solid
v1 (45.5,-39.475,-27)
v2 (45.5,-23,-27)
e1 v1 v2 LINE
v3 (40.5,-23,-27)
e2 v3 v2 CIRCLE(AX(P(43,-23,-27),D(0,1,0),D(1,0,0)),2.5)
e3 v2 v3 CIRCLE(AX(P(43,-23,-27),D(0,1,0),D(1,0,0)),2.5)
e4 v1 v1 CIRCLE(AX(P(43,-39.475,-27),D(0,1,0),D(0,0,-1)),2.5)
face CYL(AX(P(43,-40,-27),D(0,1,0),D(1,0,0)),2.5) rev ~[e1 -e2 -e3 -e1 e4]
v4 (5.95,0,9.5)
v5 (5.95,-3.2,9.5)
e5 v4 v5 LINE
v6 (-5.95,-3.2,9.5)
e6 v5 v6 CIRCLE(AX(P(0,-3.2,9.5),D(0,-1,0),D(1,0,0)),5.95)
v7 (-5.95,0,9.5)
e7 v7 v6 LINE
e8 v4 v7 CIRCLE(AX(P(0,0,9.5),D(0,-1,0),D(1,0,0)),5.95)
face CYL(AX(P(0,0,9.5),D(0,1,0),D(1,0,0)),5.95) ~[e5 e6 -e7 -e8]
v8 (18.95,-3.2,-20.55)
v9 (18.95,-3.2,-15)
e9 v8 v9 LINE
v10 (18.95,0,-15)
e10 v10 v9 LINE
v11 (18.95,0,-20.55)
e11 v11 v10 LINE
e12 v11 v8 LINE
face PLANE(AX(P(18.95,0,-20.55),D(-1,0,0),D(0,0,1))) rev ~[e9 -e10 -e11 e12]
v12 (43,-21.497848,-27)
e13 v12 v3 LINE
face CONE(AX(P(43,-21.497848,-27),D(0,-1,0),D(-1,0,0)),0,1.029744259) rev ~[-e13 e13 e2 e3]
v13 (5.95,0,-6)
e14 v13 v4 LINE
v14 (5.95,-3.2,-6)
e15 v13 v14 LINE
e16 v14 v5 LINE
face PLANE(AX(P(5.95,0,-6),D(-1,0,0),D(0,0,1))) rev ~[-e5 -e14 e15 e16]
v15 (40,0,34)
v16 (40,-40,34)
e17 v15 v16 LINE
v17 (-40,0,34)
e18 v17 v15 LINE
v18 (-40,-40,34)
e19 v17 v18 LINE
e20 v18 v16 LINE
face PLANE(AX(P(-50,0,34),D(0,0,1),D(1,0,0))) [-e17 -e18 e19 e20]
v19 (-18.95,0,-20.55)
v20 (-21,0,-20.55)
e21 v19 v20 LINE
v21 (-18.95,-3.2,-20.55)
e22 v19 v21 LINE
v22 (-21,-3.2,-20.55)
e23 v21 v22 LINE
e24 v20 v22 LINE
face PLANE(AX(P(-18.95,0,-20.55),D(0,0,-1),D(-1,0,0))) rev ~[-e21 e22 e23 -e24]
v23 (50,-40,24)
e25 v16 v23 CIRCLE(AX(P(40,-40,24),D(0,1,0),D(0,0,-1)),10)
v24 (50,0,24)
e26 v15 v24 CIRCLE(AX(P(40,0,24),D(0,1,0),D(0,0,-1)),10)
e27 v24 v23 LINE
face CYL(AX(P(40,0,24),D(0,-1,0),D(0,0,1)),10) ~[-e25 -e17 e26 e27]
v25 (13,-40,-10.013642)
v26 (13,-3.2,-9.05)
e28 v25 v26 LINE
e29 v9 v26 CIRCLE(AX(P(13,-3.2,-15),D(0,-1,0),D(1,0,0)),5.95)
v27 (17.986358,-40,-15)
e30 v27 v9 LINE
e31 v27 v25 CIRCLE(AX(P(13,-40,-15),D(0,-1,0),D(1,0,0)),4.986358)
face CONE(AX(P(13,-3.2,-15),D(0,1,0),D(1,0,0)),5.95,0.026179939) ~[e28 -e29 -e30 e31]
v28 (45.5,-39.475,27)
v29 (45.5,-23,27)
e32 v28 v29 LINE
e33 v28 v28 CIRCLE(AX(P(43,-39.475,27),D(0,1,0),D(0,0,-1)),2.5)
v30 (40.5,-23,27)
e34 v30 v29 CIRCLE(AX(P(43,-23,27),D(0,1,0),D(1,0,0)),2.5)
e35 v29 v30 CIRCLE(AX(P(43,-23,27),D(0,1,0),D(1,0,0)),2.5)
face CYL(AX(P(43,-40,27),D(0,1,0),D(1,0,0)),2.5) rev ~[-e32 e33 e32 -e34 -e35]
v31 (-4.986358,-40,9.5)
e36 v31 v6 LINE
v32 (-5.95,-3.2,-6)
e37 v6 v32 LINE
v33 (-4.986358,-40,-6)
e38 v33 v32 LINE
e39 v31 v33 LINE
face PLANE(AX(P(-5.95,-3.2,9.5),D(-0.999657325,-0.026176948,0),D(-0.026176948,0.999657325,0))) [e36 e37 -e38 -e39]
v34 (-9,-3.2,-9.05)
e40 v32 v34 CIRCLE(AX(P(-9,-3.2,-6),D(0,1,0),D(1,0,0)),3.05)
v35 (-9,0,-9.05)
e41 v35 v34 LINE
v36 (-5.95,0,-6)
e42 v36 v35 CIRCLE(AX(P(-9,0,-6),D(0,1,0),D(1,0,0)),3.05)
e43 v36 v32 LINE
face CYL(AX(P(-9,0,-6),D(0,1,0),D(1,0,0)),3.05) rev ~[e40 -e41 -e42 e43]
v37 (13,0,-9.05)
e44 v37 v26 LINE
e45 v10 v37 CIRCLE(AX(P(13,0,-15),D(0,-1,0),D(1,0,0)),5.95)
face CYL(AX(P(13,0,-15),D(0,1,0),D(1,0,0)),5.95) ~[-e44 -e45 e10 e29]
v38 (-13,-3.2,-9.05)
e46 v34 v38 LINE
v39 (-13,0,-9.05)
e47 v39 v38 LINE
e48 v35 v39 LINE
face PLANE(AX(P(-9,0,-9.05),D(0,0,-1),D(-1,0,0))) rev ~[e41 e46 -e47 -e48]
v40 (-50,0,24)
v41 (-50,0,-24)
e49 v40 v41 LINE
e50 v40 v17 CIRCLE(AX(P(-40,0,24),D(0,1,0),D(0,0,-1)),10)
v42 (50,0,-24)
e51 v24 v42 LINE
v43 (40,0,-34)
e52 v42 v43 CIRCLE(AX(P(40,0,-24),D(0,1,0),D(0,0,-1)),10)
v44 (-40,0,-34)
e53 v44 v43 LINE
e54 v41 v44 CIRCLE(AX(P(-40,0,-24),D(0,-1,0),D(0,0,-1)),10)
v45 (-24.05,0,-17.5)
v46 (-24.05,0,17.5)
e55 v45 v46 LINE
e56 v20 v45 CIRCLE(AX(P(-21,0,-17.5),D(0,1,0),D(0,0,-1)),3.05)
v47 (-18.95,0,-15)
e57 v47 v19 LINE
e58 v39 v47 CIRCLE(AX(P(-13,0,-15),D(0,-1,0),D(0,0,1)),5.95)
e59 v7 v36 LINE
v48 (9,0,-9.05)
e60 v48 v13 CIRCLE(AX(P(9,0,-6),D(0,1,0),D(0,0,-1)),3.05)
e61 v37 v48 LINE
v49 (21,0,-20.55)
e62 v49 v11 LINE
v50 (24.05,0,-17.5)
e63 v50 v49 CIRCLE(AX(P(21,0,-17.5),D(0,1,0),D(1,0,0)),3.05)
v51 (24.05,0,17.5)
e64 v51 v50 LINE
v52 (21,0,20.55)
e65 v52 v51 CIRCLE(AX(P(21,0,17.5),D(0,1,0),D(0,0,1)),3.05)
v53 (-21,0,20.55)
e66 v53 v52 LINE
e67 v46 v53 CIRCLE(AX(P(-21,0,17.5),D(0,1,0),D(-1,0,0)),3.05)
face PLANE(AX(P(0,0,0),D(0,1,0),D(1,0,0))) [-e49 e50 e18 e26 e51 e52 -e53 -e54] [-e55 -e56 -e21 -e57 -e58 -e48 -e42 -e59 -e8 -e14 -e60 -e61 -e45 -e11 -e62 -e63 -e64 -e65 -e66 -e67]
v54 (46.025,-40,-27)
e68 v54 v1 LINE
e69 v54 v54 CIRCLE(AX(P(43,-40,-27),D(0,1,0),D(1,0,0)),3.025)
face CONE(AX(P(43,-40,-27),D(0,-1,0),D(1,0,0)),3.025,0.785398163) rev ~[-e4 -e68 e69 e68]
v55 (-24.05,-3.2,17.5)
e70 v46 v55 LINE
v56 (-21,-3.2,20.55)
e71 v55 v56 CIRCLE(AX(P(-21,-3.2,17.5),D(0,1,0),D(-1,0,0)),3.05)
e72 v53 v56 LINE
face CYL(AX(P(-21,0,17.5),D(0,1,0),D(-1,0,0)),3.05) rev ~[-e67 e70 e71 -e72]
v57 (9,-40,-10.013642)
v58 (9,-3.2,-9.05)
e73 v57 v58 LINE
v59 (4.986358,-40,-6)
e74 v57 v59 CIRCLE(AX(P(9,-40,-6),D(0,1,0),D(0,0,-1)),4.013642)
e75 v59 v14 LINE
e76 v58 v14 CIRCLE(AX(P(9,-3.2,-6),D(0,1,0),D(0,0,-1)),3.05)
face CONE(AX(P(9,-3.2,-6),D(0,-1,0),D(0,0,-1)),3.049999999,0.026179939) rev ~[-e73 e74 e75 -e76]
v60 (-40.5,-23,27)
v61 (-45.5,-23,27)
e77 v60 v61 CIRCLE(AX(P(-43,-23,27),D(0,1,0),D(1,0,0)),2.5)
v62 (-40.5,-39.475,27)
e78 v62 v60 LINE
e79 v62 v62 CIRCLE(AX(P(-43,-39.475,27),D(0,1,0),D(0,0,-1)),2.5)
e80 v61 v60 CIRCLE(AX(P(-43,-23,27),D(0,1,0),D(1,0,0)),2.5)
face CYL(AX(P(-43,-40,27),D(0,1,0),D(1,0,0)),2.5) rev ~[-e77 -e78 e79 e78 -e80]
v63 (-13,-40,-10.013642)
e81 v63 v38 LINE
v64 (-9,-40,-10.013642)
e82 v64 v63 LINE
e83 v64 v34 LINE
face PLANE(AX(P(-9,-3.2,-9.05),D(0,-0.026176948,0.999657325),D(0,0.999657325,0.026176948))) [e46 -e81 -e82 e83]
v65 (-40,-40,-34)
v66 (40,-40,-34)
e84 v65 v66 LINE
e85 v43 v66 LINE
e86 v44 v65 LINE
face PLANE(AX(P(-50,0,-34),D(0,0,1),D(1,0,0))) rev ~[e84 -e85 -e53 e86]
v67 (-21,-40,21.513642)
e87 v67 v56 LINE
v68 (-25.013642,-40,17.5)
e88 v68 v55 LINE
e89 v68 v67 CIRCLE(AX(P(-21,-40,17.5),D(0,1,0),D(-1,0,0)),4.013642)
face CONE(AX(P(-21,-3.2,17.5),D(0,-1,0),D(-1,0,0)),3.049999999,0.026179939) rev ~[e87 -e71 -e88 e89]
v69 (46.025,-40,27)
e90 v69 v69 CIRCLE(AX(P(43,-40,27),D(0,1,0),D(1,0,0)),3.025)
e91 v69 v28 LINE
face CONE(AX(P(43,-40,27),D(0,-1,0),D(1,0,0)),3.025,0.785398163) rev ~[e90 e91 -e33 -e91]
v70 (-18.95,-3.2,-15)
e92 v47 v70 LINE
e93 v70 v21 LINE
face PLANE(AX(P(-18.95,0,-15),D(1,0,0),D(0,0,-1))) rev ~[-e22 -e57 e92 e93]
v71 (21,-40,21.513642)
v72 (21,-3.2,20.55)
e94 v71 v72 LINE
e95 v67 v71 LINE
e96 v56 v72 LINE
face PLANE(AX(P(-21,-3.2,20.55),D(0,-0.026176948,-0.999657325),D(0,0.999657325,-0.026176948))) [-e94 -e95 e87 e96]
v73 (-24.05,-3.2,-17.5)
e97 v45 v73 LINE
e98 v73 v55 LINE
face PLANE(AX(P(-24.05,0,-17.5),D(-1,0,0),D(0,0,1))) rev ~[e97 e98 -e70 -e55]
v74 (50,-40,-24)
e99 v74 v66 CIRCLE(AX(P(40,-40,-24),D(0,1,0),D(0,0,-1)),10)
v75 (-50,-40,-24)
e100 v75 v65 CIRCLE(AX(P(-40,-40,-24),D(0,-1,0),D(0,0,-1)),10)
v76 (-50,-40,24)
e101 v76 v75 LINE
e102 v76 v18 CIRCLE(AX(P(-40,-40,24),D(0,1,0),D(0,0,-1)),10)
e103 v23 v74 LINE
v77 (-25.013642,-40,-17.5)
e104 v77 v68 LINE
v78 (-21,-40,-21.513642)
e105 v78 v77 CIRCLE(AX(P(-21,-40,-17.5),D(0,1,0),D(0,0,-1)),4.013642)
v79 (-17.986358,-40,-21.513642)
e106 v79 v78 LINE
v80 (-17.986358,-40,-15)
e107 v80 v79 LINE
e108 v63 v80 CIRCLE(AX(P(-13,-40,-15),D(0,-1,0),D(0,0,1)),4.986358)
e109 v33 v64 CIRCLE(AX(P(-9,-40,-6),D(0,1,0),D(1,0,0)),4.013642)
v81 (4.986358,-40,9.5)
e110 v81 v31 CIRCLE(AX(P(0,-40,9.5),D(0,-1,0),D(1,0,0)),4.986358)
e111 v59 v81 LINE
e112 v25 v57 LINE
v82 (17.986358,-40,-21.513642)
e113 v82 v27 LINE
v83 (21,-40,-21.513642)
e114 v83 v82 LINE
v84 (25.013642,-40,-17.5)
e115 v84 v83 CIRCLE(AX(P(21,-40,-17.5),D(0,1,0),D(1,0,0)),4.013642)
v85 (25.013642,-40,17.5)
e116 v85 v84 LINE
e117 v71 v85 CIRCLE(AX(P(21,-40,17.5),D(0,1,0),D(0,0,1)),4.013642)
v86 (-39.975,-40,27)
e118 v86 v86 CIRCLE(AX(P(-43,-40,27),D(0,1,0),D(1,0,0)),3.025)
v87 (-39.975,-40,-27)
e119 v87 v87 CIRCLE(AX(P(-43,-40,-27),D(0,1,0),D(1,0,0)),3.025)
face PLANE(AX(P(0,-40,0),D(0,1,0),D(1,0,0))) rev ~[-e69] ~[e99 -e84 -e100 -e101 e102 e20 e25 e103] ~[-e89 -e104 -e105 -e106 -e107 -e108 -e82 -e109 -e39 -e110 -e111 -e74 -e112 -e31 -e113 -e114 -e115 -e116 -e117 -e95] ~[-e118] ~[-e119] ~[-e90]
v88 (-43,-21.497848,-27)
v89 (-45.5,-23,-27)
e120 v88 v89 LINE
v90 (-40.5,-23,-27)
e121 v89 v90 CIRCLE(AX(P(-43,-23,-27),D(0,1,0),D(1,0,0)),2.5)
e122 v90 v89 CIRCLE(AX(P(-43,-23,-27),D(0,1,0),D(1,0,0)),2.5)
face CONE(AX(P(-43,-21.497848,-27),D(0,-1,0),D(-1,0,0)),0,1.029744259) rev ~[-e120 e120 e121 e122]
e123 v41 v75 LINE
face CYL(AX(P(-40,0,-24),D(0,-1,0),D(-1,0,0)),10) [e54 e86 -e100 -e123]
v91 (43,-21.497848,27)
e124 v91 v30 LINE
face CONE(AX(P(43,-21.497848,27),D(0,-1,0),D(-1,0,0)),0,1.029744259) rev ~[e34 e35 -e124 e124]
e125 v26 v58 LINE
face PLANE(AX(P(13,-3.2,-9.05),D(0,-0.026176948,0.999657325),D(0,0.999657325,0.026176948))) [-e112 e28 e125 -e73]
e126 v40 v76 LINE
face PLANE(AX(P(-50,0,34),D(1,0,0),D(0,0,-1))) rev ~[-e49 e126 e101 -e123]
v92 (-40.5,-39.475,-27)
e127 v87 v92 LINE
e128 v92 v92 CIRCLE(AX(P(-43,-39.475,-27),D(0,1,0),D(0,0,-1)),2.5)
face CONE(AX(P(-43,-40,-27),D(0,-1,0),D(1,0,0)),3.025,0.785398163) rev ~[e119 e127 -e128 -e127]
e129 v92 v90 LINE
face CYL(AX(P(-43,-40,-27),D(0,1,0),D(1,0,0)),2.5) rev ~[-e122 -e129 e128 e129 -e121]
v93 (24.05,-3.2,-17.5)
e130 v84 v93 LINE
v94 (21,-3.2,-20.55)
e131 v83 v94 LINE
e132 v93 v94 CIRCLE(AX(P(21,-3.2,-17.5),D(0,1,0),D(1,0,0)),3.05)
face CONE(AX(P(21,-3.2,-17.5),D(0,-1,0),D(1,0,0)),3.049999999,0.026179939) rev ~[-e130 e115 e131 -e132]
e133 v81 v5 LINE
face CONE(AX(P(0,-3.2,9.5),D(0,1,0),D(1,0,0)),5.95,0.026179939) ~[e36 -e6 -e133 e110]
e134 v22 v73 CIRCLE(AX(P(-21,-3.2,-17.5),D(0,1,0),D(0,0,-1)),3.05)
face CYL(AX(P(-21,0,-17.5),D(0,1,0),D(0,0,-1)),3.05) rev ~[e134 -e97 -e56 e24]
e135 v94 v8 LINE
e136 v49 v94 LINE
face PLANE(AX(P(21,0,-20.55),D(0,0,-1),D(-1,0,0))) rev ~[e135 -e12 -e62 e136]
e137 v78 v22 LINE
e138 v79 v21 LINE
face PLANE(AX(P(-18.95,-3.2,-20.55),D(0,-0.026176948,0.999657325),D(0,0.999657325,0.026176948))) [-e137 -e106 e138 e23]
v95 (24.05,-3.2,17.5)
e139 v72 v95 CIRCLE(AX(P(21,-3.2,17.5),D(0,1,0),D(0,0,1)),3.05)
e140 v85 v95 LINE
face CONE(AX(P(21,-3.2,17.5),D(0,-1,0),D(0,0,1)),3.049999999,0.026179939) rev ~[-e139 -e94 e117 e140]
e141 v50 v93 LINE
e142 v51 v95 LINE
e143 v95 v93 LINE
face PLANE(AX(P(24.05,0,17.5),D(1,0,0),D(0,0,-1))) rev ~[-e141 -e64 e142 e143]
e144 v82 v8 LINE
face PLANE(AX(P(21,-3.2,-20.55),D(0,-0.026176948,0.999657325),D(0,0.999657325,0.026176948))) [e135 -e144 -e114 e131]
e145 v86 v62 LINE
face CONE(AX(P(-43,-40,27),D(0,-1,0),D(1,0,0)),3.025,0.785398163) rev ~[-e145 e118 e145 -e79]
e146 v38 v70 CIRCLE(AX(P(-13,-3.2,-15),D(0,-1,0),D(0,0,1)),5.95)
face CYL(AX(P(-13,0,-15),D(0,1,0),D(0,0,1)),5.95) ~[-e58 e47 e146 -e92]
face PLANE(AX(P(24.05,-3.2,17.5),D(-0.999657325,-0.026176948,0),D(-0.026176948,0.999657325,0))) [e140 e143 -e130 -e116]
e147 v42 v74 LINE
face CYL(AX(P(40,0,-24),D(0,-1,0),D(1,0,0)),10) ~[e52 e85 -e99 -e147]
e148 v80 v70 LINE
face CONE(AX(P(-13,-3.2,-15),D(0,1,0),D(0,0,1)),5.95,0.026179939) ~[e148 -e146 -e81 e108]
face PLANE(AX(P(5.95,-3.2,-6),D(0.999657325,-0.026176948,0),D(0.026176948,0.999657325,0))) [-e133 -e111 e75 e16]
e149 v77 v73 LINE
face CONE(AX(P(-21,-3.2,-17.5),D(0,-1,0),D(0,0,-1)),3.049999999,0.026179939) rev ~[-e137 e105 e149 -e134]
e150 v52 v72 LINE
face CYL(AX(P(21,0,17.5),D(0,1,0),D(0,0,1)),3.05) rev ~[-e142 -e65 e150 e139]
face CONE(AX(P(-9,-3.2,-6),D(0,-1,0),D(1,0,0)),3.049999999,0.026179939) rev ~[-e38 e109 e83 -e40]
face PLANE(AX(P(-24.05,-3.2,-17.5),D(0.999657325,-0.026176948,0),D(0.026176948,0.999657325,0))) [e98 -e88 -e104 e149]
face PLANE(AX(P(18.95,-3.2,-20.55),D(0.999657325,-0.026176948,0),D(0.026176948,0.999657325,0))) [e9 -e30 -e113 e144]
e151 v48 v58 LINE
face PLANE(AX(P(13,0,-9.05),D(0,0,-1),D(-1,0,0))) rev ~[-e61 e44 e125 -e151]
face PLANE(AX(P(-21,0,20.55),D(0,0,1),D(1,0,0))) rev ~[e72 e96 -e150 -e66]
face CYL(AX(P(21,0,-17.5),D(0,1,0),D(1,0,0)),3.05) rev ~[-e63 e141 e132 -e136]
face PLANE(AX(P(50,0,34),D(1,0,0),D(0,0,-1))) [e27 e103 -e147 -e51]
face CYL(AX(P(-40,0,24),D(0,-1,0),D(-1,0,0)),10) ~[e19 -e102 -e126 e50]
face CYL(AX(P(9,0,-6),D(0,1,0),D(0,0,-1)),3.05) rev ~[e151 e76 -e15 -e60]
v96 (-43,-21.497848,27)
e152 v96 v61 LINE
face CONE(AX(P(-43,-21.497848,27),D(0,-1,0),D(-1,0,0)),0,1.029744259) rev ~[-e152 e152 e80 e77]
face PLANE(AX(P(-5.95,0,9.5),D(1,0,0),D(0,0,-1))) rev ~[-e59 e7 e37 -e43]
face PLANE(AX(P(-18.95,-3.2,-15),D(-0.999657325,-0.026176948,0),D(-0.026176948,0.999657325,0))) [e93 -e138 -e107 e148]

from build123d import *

# Parameters (mm, degrees)
SKETCH1_W                   = 100
SKETCH1_H                   = 68
BOSS_EXTRUDE1_DEPTH         = 40
FILLET1_R                   = 10
CUT_EXTRUDE1_REACH          = 74.498
M6_TAPPED_HOLE1_D           = 5
M6_TAPPED_HOLE1_DEPTH       = 17
M6_TAPPED_HOLE1_CSINK_D     = 6.05
M6_TAPPED_HOLE1_CSINK_ANGLE = 90
M6_TAPPED_HOLE1_TIP         = 1.502151548


with BuildPart() as part:
    # Sketch1 → Boss-Extrude1 (new body)
    with BuildSketch(Plane(origin=(0, 0, 0), x_dir=(1, 0, 0), z_dir=(0, 1, 0))):
        Rectangle(SKETCH1_W, SKETCH1_H)
    extrude(amount=-BOSS_EXTRUDE1_DEPTH)

    # Fillet1
    fillet1_edges = [part.edges().sort_by_distance(p)[0] for p in [
        (50, -20, 34),
        (-50, -20, 34),
        (-50, -20, -34),
        (50, -20, -34),
    ]]
    fillet(fillet1_edges, radius=FILLET1_R)

    # Sketch2 → Cut-Extrude1 (cut, up to next)
    with BuildSketch(Plane(origin=(0, 0, 0), x_dir=(1, 0, 0), z_dir=(0, 1, 0)), mode=Mode.PRIVATE) as cut_extrude1_sk1:
        with BuildLine():
            Line((-21, -20.55), (21, -20.55))
            ThreePointArc((21, -20.55), (23.156675683, -19.656675683), (24.05, -17.5))
            Line((24.05, -17.5), (24.05, 17.5))
            ThreePointArc((24.05, 17.5), (23.156675683, 19.656675683), (21, 20.55))
            Line((21, 20.55), (18.95, 20.55))
            Line((18.95, 20.55), (18.95, 15))
            ThreePointArc((18.95, 15), (17.207285348, 10.792714652), (13, 9.05))
            Line((13, 9.05), (9, 9.05))
            ThreePointArc((9, 9.05), (6.843324317, 8.156675683), (5.95, 6))
            Line((5.95, 6), (5.95, -9.5))
            ThreePointArc((5.95, -9.5), (0, -15.45), (-5.95, -9.5))
            Line((-5.95, -9.5), (-5.95, 6))
            ThreePointArc((-5.95, 6), (-6.843324317, 8.156675683), (-9, 9.05))
            Line((-9, 9.05), (-13, 9.05))
            ThreePointArc((-13, 9.05), (-17.207285348, 10.792714652), (-18.95, 15))
            Line((-18.95, 15), (-18.95, 20.55))
            Line((-18.95, 20.55), (-21, 20.55))
            ThreePointArc((-21, 20.55), (-23.156675683, 19.656675683), (-24.05, 17.5))
            Line((-24.05, 17.5), (-24.05, -17.5))
            ThreePointArc((-24.05, -17.5), (-23.156675683, -19.656675683), (-21, -20.55))
        make_face()
    cut_extrude1_tool1 = extrude(cut_extrude1_sk1.sketch, amount=-CUT_EXTRUDE1_REACH, mode=Mode.PRIVATE) & part.part
    add(cut_extrude1_tool1.solids().sort_by_distance((0, 0, 19.917322))[0], mode=Mode.SUBTRACT)

    # Cut-Sweep1: sweep along a path in Sketch5
    with BuildLine(Plane(origin=(0, 0, 0), x_dir=(1, 0, 0), z_dir=(0, 1, 0))) as cut_sweep1_path:
        Line((-21, -20.55), (21, -20.55))
        ThreePointArc((21, -20.55), (23.156675683, -19.656675683), (24.05, -17.5))
        Line((24.05, -17.5), (24.05, 17.5))
        ThreePointArc((24.05, 17.5), (23.156675683, 19.656675683), (21, 20.55))
        Line((21, 20.55), (18.95, 20.55))
        Line((18.95, 20.55), (18.95, 15))
        ThreePointArc((18.95, 15), (17.207285348, 10.792714652), (13, 9.05))
        Line((13, 9.05), (9, 9.05))
        ThreePointArc((9, 9.05), (6.843324317, 8.156675683), (5.95, 6))
        Line((5.95, 6), (5.95, -9.5))
        ThreePointArc((5.95, -9.5), (0, -15.45), (-5.95, -9.5))
        Line((-5.95, -9.5), (-5.95, 6))
        ThreePointArc((-5.95, 6), (-6.843324317, 8.156675683), (-9, 9.05))
        Line((-9, 9.05), (-13, 9.05))
        ThreePointArc((-13, 9.05), (-17.207285348, 10.792714652), (-18.95, 15))
        Line((-18.95, 15), (-18.95, 20.55))
        Line((-18.95, 20.55), (-21, 20.55))
        ThreePointArc((-21, 20.55), (-23.156675683, 19.656675683), (-24.05, 17.5))
        Line((-24.05, 17.5), (-24.05, -17.5))
        ThreePointArc((-24.05, -17.5), (-23.156675683, -19.656675683), (-21, -20.55))
    # Sketch3 → Cut-Sweep1 (sweep, cut)
    with BuildSketch(Plane.XY):
        Polygon((24.05, -3.2), (25.013641914, -40), (23.05, -40), (23.05, -3.2), align=None)
    sweep(path=cut_sweep1_path.line, transition=Transition.RIGHT, mode=Mode.SUBTRACT)

    # M6 Tapped Hole1
    with Locations(Plane(origin=(0, -40, 0), x_dir=(-1, 0, 0), z_dir=(0, -1, 0))):
        with Locations((-43, 27), (43, 27), (43, -27), (-43, -27)):
            CounterSinkHole(M6_TAPPED_HOLE1_D / 2, M6_TAPPED_HOLE1_CSINK_D / 2, depth=M6_TAPPED_HOLE1_DEPTH, counter_sink_angle=M6_TAPPED_HOLE1_CSINK_ANGLE)
            with Locations((0, 0, -(M6_TAPPED_HOLE1_DEPTH + M6_TAPPED_HOLE1_TIP / 2))):  # 118° drill point
                Cone(0, M6_TAPPED_HOLE1_D / 2, M6_TAPPED_HOLE1_TIP, mode=Mode.SUBTRACT)


solid = part.part
